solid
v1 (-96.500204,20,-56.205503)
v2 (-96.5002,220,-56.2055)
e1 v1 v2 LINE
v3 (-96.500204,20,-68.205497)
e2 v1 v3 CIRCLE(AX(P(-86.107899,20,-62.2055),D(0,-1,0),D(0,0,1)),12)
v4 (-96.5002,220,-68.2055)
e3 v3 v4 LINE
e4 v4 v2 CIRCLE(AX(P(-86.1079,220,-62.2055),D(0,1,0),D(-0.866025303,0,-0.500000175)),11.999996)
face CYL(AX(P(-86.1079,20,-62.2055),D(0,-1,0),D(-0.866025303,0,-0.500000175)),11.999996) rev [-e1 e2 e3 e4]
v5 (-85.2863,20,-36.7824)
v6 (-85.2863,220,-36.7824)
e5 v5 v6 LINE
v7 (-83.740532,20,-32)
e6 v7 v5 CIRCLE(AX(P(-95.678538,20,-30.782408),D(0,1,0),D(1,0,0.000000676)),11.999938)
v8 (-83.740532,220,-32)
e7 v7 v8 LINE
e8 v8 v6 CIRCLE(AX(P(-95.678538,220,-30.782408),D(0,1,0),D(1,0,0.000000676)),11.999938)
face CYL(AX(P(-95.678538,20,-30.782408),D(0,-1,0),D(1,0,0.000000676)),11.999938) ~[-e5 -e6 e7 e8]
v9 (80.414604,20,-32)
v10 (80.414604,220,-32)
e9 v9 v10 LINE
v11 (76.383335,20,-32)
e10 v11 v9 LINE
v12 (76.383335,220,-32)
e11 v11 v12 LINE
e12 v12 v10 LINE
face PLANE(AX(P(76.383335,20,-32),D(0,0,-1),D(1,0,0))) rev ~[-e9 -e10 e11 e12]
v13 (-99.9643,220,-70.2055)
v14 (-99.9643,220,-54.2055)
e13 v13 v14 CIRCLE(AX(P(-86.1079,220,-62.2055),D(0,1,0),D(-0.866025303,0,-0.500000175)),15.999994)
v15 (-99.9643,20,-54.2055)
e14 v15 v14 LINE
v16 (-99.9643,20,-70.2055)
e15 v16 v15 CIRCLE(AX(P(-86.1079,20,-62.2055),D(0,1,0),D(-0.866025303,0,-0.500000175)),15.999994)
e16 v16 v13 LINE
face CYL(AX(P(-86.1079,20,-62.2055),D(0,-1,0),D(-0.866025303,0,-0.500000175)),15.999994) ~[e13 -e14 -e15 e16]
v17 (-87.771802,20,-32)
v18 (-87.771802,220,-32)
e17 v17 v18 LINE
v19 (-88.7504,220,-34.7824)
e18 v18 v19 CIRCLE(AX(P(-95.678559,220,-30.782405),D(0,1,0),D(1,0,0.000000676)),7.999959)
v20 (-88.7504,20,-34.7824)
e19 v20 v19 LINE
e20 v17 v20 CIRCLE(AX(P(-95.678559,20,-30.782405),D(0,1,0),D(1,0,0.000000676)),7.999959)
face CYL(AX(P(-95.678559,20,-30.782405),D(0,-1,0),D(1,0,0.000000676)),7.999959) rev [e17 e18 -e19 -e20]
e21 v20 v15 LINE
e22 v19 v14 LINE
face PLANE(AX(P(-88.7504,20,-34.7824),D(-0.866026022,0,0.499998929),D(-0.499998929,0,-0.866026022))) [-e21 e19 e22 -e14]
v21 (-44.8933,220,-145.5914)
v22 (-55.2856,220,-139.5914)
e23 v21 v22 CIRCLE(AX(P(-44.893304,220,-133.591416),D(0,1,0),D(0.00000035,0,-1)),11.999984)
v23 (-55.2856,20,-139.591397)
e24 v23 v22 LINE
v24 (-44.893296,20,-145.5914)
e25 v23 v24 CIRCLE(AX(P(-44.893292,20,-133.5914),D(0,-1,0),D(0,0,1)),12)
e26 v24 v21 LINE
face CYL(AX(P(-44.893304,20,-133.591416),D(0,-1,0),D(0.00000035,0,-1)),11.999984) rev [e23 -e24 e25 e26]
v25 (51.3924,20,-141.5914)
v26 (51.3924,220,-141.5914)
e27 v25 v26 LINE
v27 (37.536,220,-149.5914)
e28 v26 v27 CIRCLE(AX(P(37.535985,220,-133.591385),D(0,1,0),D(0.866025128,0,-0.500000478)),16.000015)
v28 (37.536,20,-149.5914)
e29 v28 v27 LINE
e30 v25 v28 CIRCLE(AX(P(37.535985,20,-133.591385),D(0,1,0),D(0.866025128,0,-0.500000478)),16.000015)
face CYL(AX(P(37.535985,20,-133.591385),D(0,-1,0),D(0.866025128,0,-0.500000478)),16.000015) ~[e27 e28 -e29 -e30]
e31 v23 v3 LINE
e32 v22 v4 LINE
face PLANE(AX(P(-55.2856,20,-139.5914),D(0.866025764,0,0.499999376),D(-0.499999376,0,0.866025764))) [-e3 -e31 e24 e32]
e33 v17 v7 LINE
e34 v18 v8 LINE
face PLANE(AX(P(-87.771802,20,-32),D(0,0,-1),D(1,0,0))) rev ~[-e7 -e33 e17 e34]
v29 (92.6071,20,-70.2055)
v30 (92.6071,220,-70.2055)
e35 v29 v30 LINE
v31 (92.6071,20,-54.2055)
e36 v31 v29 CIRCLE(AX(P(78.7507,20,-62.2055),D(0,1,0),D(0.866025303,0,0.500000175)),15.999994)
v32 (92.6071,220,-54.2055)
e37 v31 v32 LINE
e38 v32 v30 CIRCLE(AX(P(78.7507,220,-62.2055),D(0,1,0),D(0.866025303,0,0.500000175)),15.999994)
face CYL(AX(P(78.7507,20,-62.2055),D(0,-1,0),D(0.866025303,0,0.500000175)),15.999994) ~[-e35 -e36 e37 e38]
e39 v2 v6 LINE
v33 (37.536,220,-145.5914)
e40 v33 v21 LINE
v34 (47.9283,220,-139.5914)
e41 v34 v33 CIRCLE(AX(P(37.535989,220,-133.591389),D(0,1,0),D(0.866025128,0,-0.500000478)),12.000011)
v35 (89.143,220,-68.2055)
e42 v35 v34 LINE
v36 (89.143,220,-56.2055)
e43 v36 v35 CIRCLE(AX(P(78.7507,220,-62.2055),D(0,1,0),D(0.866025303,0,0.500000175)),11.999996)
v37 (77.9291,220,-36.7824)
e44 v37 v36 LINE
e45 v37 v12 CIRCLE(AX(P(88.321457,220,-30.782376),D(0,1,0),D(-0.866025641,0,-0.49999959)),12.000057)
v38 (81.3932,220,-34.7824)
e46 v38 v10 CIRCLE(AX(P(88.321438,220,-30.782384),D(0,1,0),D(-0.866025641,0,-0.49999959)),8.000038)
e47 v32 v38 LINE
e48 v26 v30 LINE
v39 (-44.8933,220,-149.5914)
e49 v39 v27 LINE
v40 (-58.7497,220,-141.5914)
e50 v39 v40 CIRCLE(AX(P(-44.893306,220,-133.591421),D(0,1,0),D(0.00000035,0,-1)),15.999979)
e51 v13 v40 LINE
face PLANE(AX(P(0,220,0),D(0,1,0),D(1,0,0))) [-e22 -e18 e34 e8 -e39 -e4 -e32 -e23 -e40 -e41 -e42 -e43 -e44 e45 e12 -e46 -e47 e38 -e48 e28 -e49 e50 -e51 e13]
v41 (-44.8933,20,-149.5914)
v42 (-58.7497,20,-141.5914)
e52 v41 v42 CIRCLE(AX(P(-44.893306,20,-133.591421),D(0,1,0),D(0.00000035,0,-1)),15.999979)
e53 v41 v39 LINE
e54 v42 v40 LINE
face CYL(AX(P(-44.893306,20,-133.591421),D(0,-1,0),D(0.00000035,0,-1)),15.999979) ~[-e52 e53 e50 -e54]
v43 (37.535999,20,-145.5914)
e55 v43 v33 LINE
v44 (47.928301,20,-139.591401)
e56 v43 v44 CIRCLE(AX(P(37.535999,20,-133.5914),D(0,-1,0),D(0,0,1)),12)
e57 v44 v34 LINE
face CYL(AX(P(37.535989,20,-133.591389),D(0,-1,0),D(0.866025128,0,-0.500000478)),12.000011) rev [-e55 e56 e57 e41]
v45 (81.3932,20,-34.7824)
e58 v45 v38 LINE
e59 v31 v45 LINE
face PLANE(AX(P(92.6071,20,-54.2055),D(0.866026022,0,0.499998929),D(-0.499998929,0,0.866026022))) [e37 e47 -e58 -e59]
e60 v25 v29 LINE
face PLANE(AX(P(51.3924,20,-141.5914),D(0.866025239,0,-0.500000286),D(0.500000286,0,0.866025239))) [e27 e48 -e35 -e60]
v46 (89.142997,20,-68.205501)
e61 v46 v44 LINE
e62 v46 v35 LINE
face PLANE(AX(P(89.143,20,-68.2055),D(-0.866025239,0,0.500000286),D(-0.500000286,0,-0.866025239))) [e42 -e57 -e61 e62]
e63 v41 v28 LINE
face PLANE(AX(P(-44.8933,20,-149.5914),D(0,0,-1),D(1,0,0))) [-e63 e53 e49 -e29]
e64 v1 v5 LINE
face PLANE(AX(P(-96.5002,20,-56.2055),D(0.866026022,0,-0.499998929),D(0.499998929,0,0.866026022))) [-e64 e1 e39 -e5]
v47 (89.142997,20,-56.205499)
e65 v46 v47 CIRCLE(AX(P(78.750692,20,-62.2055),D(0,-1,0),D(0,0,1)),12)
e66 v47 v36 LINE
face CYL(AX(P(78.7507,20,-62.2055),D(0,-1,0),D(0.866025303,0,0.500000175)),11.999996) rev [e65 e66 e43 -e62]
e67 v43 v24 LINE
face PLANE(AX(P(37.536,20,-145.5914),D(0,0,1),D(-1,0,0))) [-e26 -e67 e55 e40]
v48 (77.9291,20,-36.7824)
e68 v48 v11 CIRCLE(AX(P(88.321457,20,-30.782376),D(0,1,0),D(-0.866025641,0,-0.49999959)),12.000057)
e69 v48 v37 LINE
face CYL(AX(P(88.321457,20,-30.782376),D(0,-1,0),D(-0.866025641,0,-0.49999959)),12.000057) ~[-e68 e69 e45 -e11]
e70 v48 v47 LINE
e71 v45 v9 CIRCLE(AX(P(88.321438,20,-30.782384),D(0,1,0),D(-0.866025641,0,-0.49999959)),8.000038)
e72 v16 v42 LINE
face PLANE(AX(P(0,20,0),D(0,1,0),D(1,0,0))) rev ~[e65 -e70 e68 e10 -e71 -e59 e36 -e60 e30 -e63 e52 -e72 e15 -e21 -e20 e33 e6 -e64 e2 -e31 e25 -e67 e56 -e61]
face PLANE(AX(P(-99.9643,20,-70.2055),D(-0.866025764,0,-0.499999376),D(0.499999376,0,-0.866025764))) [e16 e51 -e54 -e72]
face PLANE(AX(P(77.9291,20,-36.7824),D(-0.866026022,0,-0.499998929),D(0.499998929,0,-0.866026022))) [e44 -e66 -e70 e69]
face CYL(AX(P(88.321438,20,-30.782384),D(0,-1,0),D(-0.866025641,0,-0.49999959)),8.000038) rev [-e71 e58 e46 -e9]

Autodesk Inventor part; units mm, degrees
ref_plane "YZ Plane" through (0, 0, 0) normal (1, 0, 0) x (0, 1, 0)
ref_plane "XZ Plane" through (0, 0, 0) normal (0, 1, 0) x (-1, 0, 0)
ref_plane "XY Plane" through (0, 0, 0) normal (0, 0, 1) x (1, 0, 0)
sketch "Sketch1" plane through (0, 0, 0) normal (0, 1, 0) x (-1, 0, 0)
  line L0 (83.6786, 197.7945) -> (-76.3214, 197.7945)
  line L1 (-76.3214, 197.7945) -> (-76.3214, -52.2055)
  line L2 (-76.3214, -52.2055) -> (83.6786, -52.2055)
  line L3 (83.6786, -52.2055) -> (83.6786, 197.7945)
  circle A0 centre (3.6786, -62.2055) radius 80
  line L4 (83.6786, -52.2055) -> (83.6786, -62.2055)
  line L5 (-76.3214, -52.2055) -> (-76.3214, -62.2055)
  circle A1 centre (3.6786, -62.2055) radius 26
  circle A2 centre (3.6786, -62.2055) radius 40
  point P0 (0, 0)
  point P1 (59.3929, -23.6341)
  point P2 (-75.6939, -52.2055)
  point P3 (83.0512, -52.2055)
  dimension "d0" = 250
  dimension "d1" = 160
  dimension "d2" = 160
  dimension "d3" = 10
  dimension "d4" = 52
  dimension "d5" = 80
extrude "Extrusion1" add sketch "Sketch1" along normal blind 20 contours L3 L2 A0 L1 L0 | L4 A0 L2 | L2 A0 L5 | A0 L2 A2 | L2 A2 A0 | A2 L2 A1 | L2 A1 A2
sketch "Sketch2" plane through (0, 20, 0) normal (0, 1, 0) x (1, 0, 0)
  circle A0 centre (-3.6786, 62.2055) radius 26 projected
  circle A1 centre (-3.6786, 62.2055) radius 26
  circle A2 centre (-3.6786, 62.2055) radius 17
  point P0 (0, 0)
  dimension "d8" = 34
extrude "Extrusion2" add sketch "Sketch2" against normal blind 5
sketch "Sketch3" plane through (0, 0, 0) normal (0, -1, 0) x (1, 0, 0)
  circle A0 centre (-3.6786, -62.2055) radius 75
  circle A1 centre (-3.6786, -62.2055) radius 75
  line L0 (92.6071, -62.2055) -> (44.4642, -145.5914)
  line L1 (44.4642, -145.5914) -> (-51.8215, -145.5914)
  line L2 (-51.8215, -145.5914) -> (-99.9643, -62.2055)
  line L3 (-99.9643, -62.2055) -> (-51.8215, 21.1804)
  line L4 (-51.8215, 21.1804) -> (44.4642, 21.1804)
  line L5 (44.4642, 21.1804) -> (92.6071, -62.2055)
  line L6 (80.6071, -62.2055) -> (38.4642, -135.1991)
  line L7 (38.4642, -135.1991) -> (-45.8215, -135.1991)
  line L8 (-45.8215, -135.1991) -> (-87.9643, -62.2055)
  line L9 (-87.9643, -62.2055) -> (-45.8215, 10.7881)
  line L10 (-45.8215, 10.7881) -> (38.4642, 10.7881)
  line L11 (38.4642, 10.7881) -> (80.6071, -62.2055)
  circle A2 centre (80.6071, -62.2055) radius 5
  circle A3 centre (38.4642, 10.7881) radius 5
  circle A4 centre (-45.8215, 10.7881) radius 5
  circle A5 centre (-87.9643, -62.2055) radius 5
  circle A6 centre (-45.8215, -135.1991) radius 5
  circle A7 centre (38.4642, -135.1991) radius 5
  circle A8 centre (-3.6786, -62.2055) radius 26 projected
  circle A9 centre (-3.6786, -62.2055) radius 0.8535
  point P0 (0, 0)
  point P1 (-59.3929, -100.7769)
  point P2 (-3.6786, -62.2055)
  dimension "d13" = 360
sketch "Sketch4" plane through (0, 0, 0) normal (0, -1, 0) x (1, 0, 0)
  circle A0 centre (-45.8215, -135.1991) radius 5
  line L0 (-45.8215, -135.1991) -> (-87.9643, -62.2055)
  line L1 (-51.8215, -145.5914) -> (-99.9643, -62.2055)
  circle A1 centre (-87.9643, -62.2055) radius 5
  circle A2 centre (-45.8215, 10.7881) radius 5
  line L2 (-87.9643, -62.2055) -> (-45.8215, 10.7881)
  line L3 (-99.9643, -62.2055) -> (-51.8215, 21.1804)
  line L4 (38.4642, -135.1991) -> (-45.8215, -135.1991)
  circle A3 centre (38.4642, -135.1991) radius 5
  line L5 (44.4642, -145.5914) -> (-51.8215, -145.5914)
  line L6 (80.6071, -62.2055) -> (38.4642, -135.1991)
  line L7 (92.6071, -62.2055) -> (44.4642, -145.5914)
  circle A4 centre (-3.6786, -62.2055) radius 75
  circle A5 centre (-3.6786, -62.2055) radius 75
  line L8 (-45.8215, 10.7881) -> (38.4642, 10.7881)
  line L9 (-51.8215, 21.1804) -> (44.4642, 21.1804)
  circle A6 centre (80.6071, -62.2055) radius 5
  circle A7 centre (38.4642, 10.7881) radius 5
  line L10 (38.4642, 10.7881) -> (80.6071, -62.2055)
  line L11 (44.4642, 21.1804) -> (92.6071, -62.2055)
  circle A8 centre (-3.6786, -62.2055) radius 26
  circle A9 centre (-3.6786, -62.2055) radius 17 projected
  circle A10 centre (-3.6786, -62.2055) radius 2.3214
  point P0 (0, 0)
  point P1 (0, 0)
  point P2 (-59.3929, -100.7769)
  dimension "d18" = 360
extrude "Extrusion3" cut sketch "Sketch3" against normal blind 22 contours A2 L6 L11 | L11 L6 A2 | A3 L10 L11 | L11 L10 A3 | A7 L7 L6 | L6 L7 A7 | A4 L9 L10 | L10 L9 A4 | A6 L8 L7 | L7 L8 A6 | A5 L8 L9 | L9 L8 A5
extrude "Extrusion4" add sketch "Sketch4" against normal blind 20 contours A0 L0 A4 L4 | A4 L6 A3 L4 | L0 A1 L2 A4 | A4 L10 A6 L6 | L2 A2 L8 A4 | L8 A7 L10 A4 | L1 L3 L9 L11 L7 L5
sketch "Sketch5" plane through (0, 0, 0) normal (0, -1, 0) x (1, 0, 0)
  circle A0 centre (-3.6786, -62.2055) radius 17 projected
  circle A1 centre (-3.6786, -62.2055) radius 79.2857
  circle A2 centre (80.6071, -62.2055) radius 5 projected
  circle A3 centre (-3.6786, -62.2055) radius 75
  point P0 (0, 0)
  dimension "d21" = 150
extrude "Extrusion5" add sketch "Sketch5" along normal blind 5 contours A1
fillet "Fillet1" radius 12 4 edges at (-99.9643, 10, -62.2055) (-51.8215, 10, -145.5914) (44.4642, 10, -145.5914) (92.6071, 10, -62.2055)
sketch "Sketch6" plane through (0, 0, 0) normal (0, -1, 0) x (1, 0, 0)
  arc A0 (89.143, -68.2055) -> (89.143, -56.2055) centre (78.7507, -62.2055) ccw projected
  line L0 (89.143, -56.2055) -> (77.9291, -36.7824) projected
  arc A1 (76.3214, -30.7824) -> (77.9291, -36.7824) centre (88.3214, -30.7824) ccw projected
  line L1 (76.3214, 197.7945) -> (76.3214, -30.7824) projected
  line L2 (-83.6786, 197.7945) -> (76.3214, 197.7945) projected
  line L3 (-83.6786, -30.7824) -> (-83.6786, 197.7945) projected
  arc A2 (-85.2863, -36.7824) -> (-83.6786, -30.7824) centre (-95.6786, -30.7824) ccw projected
  line L4 (-85.2863, -36.7824) -> (-96.5002, -56.2055) projected
  arc A3 (-96.5002, -56.2055) -> (-96.5002, -68.2055) centre (-86.1079, -62.2055) ccw projected
  line L5 (-96.5002, -68.2055) -> (-55.2856, -139.5914) projected
  arc A4 (-55.2856, -139.5914) -> (-44.8933, -145.5914) centre (-44.8933, -133.5914) ccw projected
  line L6 (-44.8933, -145.5914) -> (37.536, -145.5914) projected
  arc A5 (37.536, -145.5914) -> (47.9283, -139.5914) centre (37.536, -133.5914) ccw projected
  line L7 (47.9283, -139.5914) -> (89.143, -68.2055) projected
  circle A6 centre (-87.9643, -62.2055) radius 5 projected
  arc A7 (-43.3215, 6.4579) -> (-82.9643, -62.2055) centre (-3.6786, -62.2055) ccw projected
  circle A8 centre (-45.8215, 10.7881) radius 5 projected
  arc A9 (35.9642, 6.4579) -> (-43.3215, 6.4579) centre (-3.6786, -62.2055) ccw projected
  circle A10 centre (38.4642, 10.7881) radius 5 projected
  arc A11 (75.6071, -62.2055) -> (35.9642, 6.4579) centre (-3.6786, -62.2055) ccw projected
  circle A12 centre (80.6071, -62.2055) radius 5 projected
  arc A13 (35.9642, -130.869) -> (75.6071, -62.2055) centre (-3.6786, -62.2055) ccw projected
  circle A14 centre (38.4642, -135.1991) radius 5 projected
  arc A15 (-43.3215, -130.869) -> (35.9642, -130.869) centre (-3.6786, -62.2055) ccw projected
  circle A16 centre (-45.8215, -135.1991) radius 5 projected
  arc A17 (-82.9643, -62.2055) -> (-43.3215, -130.869) centre (-3.6786, -62.2055) ccw projected
  arc A18 (56.3214, -30.7824) -> (60.6086, -46.7824) centre (88.3214, -30.7824) ccw
  line L8 (60.6086, -46.7824) -> (69.5131, -62.2055)
  line L9 (69.5131, -62.2055) -> (32.9172, -125.5914)
  line L10 (32.9172, -125.5914) -> (-40.2745, -125.5914)
  line L11 (-40.2745, -125.5914) -> (-76.8703, -62.2055)
  line L12 (-76.8703, -62.2055) -> (-67.9658, -46.7824)
  arc A19 (-67.9658, -46.7824) -> (-63.6786, -30.7824) centre (-95.6786, -30.7824) ccw
  line L13 (-63.6786, -30.7824) -> (-63.6786, 177.7945)
  line L14 (-63.6786, 177.7945) -> (56.3214, 177.7945)
  line L15 (56.3214, 177.7945) -> (56.3214, -30.7824)
  arc A20 (-53.3215, 23.7784) -> (-102.9643, -62.2055) centre (-3.6786, -62.2055) ccw
  arc A21 (-102.9643, -62.2055) -> (-53.3215, -148.1895) centre (-3.6786, -62.2055) ccw
  arc A22 (-53.3215, -148.1895) -> (45.9642, -148.1895) centre (-3.6786, -62.2055) ccw
  arc A23 (45.9642, -148.1895) -> (95.6071, -62.2055) centre (-3.6786, -62.2055) ccw
  arc A24 (95.6071, -62.2055) -> (45.9642, 23.7784) centre (-3.6786, -62.2055) ccw
  arc A25 (45.9642, 23.7784) -> (-53.3215, 23.7784) centre (-3.6786, -62.2055) ccw
  point P0 (0, 0)
  point P1 (-63.6786, 16.8998)
  point P2 (56.3214, 16.8998)
  dimension "d25" = 20
  dimension "d26" = 20
extrude "Extrusion6" cut sketch "Sketch6" against normal blind 12
sketch "Sketch7" plane through (0, 0, 0) normal (0, -1, 0) x (1, 0, 0)
  circle A0 centre (-3.6786, 22.0805) radius 5
  circle A1 centre (-3.6786, -62.2055) radius 17 projected
  circle A2 centre (-25.4934, 19.2085) radius 5
  circle A3 centre (-45.8216, 10.7883) radius 5
  circle A4 centre (-63.2778, -2.6063) radius 5
  circle A5 centre (-76.6724, -20.0625) radius 5
  circle A6 centre (-85.0926, -40.3907) radius 5
  circle A7 centre (-87.9646, -62.2055) radius 5
  circle A8 centre (-85.0926, -84.0203) radius 5
  circle A9 centre (-76.6724, -104.3485) radius 5
  circle A10 centre (-63.2778, -121.8047) radius 5
  circle A11 centre (-45.8216, -135.1993) radius 5
  circle A12 centre (-25.4934, -143.6195) radius 5
  circle A13 centre (-3.6786, -146.4915) radius 5
  circle A14 centre (18.1362, -143.6195) radius 5
  circle A15 centre (38.4644, -135.1993) radius 5
  circle A16 centre (55.9206, -121.8047) radius 5
  circle A17 centre (69.3152, -104.3485) radius 5
  circle A18 centre (77.7354, -84.0203) radius 5
  circle A19 centre (80.6074, -62.2055) radius 5
  circle A20 centre (77.7354, -40.3907) radius 5
  circle A21 centre (69.3152, -20.0625) radius 5
  circle A22 centre (55.9206, -2.6063) radius 5
  circle A23 centre (38.4644, 10.7883) radius 5
  circle A24 centre (18.1362, 19.2085) radius 5
  point P0 (0, 0)
  dimension "d29" = 84.286
  dimension "d30" = 10
  dimension "d33" = 360
extrude "Extrusion7" cut sketch "Sketch7" against normal blind 39 contours A0 | A2 | A4 | A5 | A21 | A22 | A24
sketch "Sketch8" plane through (0, 20, 0) normal (0, 1, 0) x (1, 0, 0)
  circle A0 centre (18.1362, -19.2085) radius 5 projected
  circle A1 centre (-76.6724, 20.0625) radius 5 projected
  circle A2 centre (55.9206, 2.6063) radius 5 projected
  circle A3 centre (-3.6786, -22.0805) radius 5 projected
  circle A4 centre (-63.2778, 2.6063) radius 5 projected
  circle A5 centre (69.3152, 20.0625) radius 5 projected
  circle A6 centre (-25.4934, -19.2085) radius 5 projected
  arc A7 (89.143, 56.2055) -> (89.143, 68.2055) centre (78.7507, 62.2055) ccw projected
  line L0 (89.143, 68.2055) -> (47.9283, 139.5914) projected
  arc A8 (47.9283, 139.5914) -> (37.536, 145.5914) centre (37.536, 133.5914) ccw projected
  line L1 (37.536, 145.5914) -> (-44.8933, 145.5914) projected
  arc A9 (-44.8933, 145.5914) -> (-55.2856, 139.5914) centre (-44.8933, 133.5914) ccw projected
  line L2 (-55.2856, 139.5914) -> (-96.5002, 68.2055) projected
  arc A10 (-96.5002, 68.2055) -> (-96.5002, 56.2055) centre (-86.1079, 62.2055) ccw projected
  line L3 (-96.5002, 56.2055) -> (-85.2863, 36.7824) projected
  arc A11 (-83.6786, 30.7824) -> (-85.2863, 36.7824) centre (-95.6786, 30.7824) ccw projected
  line L4 (-83.6786, 30.7824) -> (-83.6786, -197.7945) projected
  line L5 (-83.6786, -197.7945) -> (76.3214, -197.7945) projected
  line L6 (76.3214, -197.7945) -> (76.3214, 30.7824) projected
  arc A12 (77.9291, 36.7824) -> (76.3214, 30.7824) centre (88.3214, 30.7824) ccw projected
  line L7 (77.9291, 36.7824) -> (89.143, 56.2055) projected
  circle A13 centre (-3.6786, 62.2055) radius 17 projected
  circle A14 centre (38.4642, -10.7881) radius 5 projected
  circle A15 centre (-45.8215, -10.7881) radius 5 projected
  circle A16 centre (80.6071, 62.2055) radius 5 projected
  circle A17 centre (38.4642, 135.1991) radius 5 projected
  circle A18 centre (-45.8215, 135.1991) radius 5 projected
  circle A19 centre (-87.9643, 62.2055) radius 5 projected
  line L8 (51.3924, 141.5914) -> (92.6071, 70.2055)
  arc A20 (92.6071, 54.2055) -> (92.6071, 70.2055) centre (78.7507, 62.2055) ccw
  line L9 (92.6071, 54.2055) -> (81.3932, 34.7824)
  arc A21 (81.3932, 34.7824) -> (80.3214, 30.7824) centre (88.3214, 30.7824) ccw
  line L10 (80.3214, 30.7824) -> (80.3214, -201.7945)
  line L11 (80.3214, -201.7945) -> (-87.6786, -201.7945)
  line L12 (-87.6786, -201.7945) -> (-87.6786, 30.7824)
  arc A22 (-87.6786, 30.7824) -> (-88.7504, 34.7824) centre (-95.6786, 30.7824) ccw
  line L13 (-88.7504, 34.7824) -> (-99.9643, 54.2055)
  arc A23 (-99.9643, 70.2055) -> (-99.9643, 54.2055) centre (-86.1079, 62.2055) ccw
  line L14 (-99.9643, 70.2055) -> (-58.7497, 141.5914)
  arc A24 (-44.8933, 149.5914) -> (-58.7497, 141.5914) centre (-44.8933, 133.5914) ccw
  line L15 (-44.8933, 149.5914) -> (37.536, 149.5914)
  arc A25 (51.3924, 141.5914) -> (37.536, 149.5914) centre (37.536, 133.5914) ccw
  line L16 (80.3214, 30.7824) -> (80.3214, 12)
  line L17 (-87.6786, 12) -> (-87.6786, 30.7824)
  line L18 (-90, 32) -> (98, 32)
  line L19 (98, 32) -> (98, 12)
  line L20 (98, 12) -> (-90, 12)
  line L21 (-90, 12) -> (-90, 32)
  point P0 (0, 0)
  point P1 (76.3833, 32)
  point P2 (80.4146, 32)
  point P3 (-87.7718, 32)
  point P4 (-83.7405, 32)
  dimension "d37" = 4
extrude "Extrusion8" add sketch "Sketch8" along normal blind 200 contours A7 L0 A8 L1 A9 L2 A10 L3 A11 L18 A22 L13 A23 L14 A24 L15 A25 L8 A20 L9 A21 A12 L7
sketch "Sketch9" plane through (0, 20, 0) normal (0, 1, 0) x (1, 0, 0)
  circle A0 centre (18.1362, -19.2085) radius 5 projected
  circle A1 centre (-76.6724, 20.0625) radius 5 projected
  circle A2 centre (55.9206, 2.6063) radius 5 projected
  circle A3 centre (-3.6786, -22.0805) radius 5 projected
  circle A4 centre (-63.2778, 2.6063) radius 5 projected
  circle A5 centre (69.3152, 20.0625) radius 5 projected
  circle A6 centre (-25.4934, -19.2085) radius 5 projected
  arc A7 (89.143, 56.2055) -> (89.143, 68.2055) centre (78.7507, 62.2055) ccw projected
  line L0 (89.143, 68.2055) -> (47.9283, 139.5914) projected
  arc A8 (47.9283, 139.5914) -> (37.536, 145.5914) centre (37.536, 133.5914) ccw projected
  line L1 (37.536, 145.5914) -> (-44.8933, 145.5914) projected
  arc A9 (-44.8933, 145.5914) -> (-55.2856, 139.5914) centre (-44.8933, 133.5914) ccw projected
  line L2 (-55.2856, 139.5914) -> (-96.5002, 68.2055) projected
  arc A10 (-96.5002, 68.2055) -> (-96.5002, 56.2055) centre (-86.1079, 62.2055) ccw projected
  line L3 (-96.5002, 56.2055) -> (-85.2863, 36.7824) projected
  arc A11 (-83.7405, 32) -> (-85.2863, 36.7824) centre (-95.6786, 30.7824) ccw projected
  line L4 (-83.6786, 30.7824) -> (-83.6786, -197.7945) projected
  line L5 (-83.6786, -197.7945) -> (76.3214, -197.7945) projected
  line L6 (76.3214, -197.7945) -> (76.3214, 30.7824) projected
  arc A12 (77.9291, 36.7824) -> (76.3833, 32) centre (88.3214, 30.7824) ccw projected
  line L7 (77.9291, 36.7824) -> (89.143, 56.2055) projected
  circle A13 centre (-3.6786, 62.2055) radius 17 projected
  circle A14 centre (38.4642, -10.7881) radius 5 projected
  circle A15 centre (-45.8215, -10.7881) radius 5 projected
  circle A16 centre (80.6071, 62.2055) radius 5 projected
  circle A17 centre (38.4642, 135.1991) radius 5 projected
  circle A18 centre (-45.8215, 135.1991) radius 5 projected
  circle A19 centre (-87.9643, 62.2055) radius 5 projected
  arc A20 (-83.6786, 30.7824) -> (-83.7405, 32) centre (-95.6786, 30.7824) ccw projected
  arc A21 (76.3833, 32) -> (76.3214, 30.7824) centre (88.3214, 30.7824) ccw projected
  point P0 (0, 0)
extrude "Extrusion9" cut sketch "Sketch9" against normal blind 200
properties part number "ZadKriska" material "PMMA Plastic"
